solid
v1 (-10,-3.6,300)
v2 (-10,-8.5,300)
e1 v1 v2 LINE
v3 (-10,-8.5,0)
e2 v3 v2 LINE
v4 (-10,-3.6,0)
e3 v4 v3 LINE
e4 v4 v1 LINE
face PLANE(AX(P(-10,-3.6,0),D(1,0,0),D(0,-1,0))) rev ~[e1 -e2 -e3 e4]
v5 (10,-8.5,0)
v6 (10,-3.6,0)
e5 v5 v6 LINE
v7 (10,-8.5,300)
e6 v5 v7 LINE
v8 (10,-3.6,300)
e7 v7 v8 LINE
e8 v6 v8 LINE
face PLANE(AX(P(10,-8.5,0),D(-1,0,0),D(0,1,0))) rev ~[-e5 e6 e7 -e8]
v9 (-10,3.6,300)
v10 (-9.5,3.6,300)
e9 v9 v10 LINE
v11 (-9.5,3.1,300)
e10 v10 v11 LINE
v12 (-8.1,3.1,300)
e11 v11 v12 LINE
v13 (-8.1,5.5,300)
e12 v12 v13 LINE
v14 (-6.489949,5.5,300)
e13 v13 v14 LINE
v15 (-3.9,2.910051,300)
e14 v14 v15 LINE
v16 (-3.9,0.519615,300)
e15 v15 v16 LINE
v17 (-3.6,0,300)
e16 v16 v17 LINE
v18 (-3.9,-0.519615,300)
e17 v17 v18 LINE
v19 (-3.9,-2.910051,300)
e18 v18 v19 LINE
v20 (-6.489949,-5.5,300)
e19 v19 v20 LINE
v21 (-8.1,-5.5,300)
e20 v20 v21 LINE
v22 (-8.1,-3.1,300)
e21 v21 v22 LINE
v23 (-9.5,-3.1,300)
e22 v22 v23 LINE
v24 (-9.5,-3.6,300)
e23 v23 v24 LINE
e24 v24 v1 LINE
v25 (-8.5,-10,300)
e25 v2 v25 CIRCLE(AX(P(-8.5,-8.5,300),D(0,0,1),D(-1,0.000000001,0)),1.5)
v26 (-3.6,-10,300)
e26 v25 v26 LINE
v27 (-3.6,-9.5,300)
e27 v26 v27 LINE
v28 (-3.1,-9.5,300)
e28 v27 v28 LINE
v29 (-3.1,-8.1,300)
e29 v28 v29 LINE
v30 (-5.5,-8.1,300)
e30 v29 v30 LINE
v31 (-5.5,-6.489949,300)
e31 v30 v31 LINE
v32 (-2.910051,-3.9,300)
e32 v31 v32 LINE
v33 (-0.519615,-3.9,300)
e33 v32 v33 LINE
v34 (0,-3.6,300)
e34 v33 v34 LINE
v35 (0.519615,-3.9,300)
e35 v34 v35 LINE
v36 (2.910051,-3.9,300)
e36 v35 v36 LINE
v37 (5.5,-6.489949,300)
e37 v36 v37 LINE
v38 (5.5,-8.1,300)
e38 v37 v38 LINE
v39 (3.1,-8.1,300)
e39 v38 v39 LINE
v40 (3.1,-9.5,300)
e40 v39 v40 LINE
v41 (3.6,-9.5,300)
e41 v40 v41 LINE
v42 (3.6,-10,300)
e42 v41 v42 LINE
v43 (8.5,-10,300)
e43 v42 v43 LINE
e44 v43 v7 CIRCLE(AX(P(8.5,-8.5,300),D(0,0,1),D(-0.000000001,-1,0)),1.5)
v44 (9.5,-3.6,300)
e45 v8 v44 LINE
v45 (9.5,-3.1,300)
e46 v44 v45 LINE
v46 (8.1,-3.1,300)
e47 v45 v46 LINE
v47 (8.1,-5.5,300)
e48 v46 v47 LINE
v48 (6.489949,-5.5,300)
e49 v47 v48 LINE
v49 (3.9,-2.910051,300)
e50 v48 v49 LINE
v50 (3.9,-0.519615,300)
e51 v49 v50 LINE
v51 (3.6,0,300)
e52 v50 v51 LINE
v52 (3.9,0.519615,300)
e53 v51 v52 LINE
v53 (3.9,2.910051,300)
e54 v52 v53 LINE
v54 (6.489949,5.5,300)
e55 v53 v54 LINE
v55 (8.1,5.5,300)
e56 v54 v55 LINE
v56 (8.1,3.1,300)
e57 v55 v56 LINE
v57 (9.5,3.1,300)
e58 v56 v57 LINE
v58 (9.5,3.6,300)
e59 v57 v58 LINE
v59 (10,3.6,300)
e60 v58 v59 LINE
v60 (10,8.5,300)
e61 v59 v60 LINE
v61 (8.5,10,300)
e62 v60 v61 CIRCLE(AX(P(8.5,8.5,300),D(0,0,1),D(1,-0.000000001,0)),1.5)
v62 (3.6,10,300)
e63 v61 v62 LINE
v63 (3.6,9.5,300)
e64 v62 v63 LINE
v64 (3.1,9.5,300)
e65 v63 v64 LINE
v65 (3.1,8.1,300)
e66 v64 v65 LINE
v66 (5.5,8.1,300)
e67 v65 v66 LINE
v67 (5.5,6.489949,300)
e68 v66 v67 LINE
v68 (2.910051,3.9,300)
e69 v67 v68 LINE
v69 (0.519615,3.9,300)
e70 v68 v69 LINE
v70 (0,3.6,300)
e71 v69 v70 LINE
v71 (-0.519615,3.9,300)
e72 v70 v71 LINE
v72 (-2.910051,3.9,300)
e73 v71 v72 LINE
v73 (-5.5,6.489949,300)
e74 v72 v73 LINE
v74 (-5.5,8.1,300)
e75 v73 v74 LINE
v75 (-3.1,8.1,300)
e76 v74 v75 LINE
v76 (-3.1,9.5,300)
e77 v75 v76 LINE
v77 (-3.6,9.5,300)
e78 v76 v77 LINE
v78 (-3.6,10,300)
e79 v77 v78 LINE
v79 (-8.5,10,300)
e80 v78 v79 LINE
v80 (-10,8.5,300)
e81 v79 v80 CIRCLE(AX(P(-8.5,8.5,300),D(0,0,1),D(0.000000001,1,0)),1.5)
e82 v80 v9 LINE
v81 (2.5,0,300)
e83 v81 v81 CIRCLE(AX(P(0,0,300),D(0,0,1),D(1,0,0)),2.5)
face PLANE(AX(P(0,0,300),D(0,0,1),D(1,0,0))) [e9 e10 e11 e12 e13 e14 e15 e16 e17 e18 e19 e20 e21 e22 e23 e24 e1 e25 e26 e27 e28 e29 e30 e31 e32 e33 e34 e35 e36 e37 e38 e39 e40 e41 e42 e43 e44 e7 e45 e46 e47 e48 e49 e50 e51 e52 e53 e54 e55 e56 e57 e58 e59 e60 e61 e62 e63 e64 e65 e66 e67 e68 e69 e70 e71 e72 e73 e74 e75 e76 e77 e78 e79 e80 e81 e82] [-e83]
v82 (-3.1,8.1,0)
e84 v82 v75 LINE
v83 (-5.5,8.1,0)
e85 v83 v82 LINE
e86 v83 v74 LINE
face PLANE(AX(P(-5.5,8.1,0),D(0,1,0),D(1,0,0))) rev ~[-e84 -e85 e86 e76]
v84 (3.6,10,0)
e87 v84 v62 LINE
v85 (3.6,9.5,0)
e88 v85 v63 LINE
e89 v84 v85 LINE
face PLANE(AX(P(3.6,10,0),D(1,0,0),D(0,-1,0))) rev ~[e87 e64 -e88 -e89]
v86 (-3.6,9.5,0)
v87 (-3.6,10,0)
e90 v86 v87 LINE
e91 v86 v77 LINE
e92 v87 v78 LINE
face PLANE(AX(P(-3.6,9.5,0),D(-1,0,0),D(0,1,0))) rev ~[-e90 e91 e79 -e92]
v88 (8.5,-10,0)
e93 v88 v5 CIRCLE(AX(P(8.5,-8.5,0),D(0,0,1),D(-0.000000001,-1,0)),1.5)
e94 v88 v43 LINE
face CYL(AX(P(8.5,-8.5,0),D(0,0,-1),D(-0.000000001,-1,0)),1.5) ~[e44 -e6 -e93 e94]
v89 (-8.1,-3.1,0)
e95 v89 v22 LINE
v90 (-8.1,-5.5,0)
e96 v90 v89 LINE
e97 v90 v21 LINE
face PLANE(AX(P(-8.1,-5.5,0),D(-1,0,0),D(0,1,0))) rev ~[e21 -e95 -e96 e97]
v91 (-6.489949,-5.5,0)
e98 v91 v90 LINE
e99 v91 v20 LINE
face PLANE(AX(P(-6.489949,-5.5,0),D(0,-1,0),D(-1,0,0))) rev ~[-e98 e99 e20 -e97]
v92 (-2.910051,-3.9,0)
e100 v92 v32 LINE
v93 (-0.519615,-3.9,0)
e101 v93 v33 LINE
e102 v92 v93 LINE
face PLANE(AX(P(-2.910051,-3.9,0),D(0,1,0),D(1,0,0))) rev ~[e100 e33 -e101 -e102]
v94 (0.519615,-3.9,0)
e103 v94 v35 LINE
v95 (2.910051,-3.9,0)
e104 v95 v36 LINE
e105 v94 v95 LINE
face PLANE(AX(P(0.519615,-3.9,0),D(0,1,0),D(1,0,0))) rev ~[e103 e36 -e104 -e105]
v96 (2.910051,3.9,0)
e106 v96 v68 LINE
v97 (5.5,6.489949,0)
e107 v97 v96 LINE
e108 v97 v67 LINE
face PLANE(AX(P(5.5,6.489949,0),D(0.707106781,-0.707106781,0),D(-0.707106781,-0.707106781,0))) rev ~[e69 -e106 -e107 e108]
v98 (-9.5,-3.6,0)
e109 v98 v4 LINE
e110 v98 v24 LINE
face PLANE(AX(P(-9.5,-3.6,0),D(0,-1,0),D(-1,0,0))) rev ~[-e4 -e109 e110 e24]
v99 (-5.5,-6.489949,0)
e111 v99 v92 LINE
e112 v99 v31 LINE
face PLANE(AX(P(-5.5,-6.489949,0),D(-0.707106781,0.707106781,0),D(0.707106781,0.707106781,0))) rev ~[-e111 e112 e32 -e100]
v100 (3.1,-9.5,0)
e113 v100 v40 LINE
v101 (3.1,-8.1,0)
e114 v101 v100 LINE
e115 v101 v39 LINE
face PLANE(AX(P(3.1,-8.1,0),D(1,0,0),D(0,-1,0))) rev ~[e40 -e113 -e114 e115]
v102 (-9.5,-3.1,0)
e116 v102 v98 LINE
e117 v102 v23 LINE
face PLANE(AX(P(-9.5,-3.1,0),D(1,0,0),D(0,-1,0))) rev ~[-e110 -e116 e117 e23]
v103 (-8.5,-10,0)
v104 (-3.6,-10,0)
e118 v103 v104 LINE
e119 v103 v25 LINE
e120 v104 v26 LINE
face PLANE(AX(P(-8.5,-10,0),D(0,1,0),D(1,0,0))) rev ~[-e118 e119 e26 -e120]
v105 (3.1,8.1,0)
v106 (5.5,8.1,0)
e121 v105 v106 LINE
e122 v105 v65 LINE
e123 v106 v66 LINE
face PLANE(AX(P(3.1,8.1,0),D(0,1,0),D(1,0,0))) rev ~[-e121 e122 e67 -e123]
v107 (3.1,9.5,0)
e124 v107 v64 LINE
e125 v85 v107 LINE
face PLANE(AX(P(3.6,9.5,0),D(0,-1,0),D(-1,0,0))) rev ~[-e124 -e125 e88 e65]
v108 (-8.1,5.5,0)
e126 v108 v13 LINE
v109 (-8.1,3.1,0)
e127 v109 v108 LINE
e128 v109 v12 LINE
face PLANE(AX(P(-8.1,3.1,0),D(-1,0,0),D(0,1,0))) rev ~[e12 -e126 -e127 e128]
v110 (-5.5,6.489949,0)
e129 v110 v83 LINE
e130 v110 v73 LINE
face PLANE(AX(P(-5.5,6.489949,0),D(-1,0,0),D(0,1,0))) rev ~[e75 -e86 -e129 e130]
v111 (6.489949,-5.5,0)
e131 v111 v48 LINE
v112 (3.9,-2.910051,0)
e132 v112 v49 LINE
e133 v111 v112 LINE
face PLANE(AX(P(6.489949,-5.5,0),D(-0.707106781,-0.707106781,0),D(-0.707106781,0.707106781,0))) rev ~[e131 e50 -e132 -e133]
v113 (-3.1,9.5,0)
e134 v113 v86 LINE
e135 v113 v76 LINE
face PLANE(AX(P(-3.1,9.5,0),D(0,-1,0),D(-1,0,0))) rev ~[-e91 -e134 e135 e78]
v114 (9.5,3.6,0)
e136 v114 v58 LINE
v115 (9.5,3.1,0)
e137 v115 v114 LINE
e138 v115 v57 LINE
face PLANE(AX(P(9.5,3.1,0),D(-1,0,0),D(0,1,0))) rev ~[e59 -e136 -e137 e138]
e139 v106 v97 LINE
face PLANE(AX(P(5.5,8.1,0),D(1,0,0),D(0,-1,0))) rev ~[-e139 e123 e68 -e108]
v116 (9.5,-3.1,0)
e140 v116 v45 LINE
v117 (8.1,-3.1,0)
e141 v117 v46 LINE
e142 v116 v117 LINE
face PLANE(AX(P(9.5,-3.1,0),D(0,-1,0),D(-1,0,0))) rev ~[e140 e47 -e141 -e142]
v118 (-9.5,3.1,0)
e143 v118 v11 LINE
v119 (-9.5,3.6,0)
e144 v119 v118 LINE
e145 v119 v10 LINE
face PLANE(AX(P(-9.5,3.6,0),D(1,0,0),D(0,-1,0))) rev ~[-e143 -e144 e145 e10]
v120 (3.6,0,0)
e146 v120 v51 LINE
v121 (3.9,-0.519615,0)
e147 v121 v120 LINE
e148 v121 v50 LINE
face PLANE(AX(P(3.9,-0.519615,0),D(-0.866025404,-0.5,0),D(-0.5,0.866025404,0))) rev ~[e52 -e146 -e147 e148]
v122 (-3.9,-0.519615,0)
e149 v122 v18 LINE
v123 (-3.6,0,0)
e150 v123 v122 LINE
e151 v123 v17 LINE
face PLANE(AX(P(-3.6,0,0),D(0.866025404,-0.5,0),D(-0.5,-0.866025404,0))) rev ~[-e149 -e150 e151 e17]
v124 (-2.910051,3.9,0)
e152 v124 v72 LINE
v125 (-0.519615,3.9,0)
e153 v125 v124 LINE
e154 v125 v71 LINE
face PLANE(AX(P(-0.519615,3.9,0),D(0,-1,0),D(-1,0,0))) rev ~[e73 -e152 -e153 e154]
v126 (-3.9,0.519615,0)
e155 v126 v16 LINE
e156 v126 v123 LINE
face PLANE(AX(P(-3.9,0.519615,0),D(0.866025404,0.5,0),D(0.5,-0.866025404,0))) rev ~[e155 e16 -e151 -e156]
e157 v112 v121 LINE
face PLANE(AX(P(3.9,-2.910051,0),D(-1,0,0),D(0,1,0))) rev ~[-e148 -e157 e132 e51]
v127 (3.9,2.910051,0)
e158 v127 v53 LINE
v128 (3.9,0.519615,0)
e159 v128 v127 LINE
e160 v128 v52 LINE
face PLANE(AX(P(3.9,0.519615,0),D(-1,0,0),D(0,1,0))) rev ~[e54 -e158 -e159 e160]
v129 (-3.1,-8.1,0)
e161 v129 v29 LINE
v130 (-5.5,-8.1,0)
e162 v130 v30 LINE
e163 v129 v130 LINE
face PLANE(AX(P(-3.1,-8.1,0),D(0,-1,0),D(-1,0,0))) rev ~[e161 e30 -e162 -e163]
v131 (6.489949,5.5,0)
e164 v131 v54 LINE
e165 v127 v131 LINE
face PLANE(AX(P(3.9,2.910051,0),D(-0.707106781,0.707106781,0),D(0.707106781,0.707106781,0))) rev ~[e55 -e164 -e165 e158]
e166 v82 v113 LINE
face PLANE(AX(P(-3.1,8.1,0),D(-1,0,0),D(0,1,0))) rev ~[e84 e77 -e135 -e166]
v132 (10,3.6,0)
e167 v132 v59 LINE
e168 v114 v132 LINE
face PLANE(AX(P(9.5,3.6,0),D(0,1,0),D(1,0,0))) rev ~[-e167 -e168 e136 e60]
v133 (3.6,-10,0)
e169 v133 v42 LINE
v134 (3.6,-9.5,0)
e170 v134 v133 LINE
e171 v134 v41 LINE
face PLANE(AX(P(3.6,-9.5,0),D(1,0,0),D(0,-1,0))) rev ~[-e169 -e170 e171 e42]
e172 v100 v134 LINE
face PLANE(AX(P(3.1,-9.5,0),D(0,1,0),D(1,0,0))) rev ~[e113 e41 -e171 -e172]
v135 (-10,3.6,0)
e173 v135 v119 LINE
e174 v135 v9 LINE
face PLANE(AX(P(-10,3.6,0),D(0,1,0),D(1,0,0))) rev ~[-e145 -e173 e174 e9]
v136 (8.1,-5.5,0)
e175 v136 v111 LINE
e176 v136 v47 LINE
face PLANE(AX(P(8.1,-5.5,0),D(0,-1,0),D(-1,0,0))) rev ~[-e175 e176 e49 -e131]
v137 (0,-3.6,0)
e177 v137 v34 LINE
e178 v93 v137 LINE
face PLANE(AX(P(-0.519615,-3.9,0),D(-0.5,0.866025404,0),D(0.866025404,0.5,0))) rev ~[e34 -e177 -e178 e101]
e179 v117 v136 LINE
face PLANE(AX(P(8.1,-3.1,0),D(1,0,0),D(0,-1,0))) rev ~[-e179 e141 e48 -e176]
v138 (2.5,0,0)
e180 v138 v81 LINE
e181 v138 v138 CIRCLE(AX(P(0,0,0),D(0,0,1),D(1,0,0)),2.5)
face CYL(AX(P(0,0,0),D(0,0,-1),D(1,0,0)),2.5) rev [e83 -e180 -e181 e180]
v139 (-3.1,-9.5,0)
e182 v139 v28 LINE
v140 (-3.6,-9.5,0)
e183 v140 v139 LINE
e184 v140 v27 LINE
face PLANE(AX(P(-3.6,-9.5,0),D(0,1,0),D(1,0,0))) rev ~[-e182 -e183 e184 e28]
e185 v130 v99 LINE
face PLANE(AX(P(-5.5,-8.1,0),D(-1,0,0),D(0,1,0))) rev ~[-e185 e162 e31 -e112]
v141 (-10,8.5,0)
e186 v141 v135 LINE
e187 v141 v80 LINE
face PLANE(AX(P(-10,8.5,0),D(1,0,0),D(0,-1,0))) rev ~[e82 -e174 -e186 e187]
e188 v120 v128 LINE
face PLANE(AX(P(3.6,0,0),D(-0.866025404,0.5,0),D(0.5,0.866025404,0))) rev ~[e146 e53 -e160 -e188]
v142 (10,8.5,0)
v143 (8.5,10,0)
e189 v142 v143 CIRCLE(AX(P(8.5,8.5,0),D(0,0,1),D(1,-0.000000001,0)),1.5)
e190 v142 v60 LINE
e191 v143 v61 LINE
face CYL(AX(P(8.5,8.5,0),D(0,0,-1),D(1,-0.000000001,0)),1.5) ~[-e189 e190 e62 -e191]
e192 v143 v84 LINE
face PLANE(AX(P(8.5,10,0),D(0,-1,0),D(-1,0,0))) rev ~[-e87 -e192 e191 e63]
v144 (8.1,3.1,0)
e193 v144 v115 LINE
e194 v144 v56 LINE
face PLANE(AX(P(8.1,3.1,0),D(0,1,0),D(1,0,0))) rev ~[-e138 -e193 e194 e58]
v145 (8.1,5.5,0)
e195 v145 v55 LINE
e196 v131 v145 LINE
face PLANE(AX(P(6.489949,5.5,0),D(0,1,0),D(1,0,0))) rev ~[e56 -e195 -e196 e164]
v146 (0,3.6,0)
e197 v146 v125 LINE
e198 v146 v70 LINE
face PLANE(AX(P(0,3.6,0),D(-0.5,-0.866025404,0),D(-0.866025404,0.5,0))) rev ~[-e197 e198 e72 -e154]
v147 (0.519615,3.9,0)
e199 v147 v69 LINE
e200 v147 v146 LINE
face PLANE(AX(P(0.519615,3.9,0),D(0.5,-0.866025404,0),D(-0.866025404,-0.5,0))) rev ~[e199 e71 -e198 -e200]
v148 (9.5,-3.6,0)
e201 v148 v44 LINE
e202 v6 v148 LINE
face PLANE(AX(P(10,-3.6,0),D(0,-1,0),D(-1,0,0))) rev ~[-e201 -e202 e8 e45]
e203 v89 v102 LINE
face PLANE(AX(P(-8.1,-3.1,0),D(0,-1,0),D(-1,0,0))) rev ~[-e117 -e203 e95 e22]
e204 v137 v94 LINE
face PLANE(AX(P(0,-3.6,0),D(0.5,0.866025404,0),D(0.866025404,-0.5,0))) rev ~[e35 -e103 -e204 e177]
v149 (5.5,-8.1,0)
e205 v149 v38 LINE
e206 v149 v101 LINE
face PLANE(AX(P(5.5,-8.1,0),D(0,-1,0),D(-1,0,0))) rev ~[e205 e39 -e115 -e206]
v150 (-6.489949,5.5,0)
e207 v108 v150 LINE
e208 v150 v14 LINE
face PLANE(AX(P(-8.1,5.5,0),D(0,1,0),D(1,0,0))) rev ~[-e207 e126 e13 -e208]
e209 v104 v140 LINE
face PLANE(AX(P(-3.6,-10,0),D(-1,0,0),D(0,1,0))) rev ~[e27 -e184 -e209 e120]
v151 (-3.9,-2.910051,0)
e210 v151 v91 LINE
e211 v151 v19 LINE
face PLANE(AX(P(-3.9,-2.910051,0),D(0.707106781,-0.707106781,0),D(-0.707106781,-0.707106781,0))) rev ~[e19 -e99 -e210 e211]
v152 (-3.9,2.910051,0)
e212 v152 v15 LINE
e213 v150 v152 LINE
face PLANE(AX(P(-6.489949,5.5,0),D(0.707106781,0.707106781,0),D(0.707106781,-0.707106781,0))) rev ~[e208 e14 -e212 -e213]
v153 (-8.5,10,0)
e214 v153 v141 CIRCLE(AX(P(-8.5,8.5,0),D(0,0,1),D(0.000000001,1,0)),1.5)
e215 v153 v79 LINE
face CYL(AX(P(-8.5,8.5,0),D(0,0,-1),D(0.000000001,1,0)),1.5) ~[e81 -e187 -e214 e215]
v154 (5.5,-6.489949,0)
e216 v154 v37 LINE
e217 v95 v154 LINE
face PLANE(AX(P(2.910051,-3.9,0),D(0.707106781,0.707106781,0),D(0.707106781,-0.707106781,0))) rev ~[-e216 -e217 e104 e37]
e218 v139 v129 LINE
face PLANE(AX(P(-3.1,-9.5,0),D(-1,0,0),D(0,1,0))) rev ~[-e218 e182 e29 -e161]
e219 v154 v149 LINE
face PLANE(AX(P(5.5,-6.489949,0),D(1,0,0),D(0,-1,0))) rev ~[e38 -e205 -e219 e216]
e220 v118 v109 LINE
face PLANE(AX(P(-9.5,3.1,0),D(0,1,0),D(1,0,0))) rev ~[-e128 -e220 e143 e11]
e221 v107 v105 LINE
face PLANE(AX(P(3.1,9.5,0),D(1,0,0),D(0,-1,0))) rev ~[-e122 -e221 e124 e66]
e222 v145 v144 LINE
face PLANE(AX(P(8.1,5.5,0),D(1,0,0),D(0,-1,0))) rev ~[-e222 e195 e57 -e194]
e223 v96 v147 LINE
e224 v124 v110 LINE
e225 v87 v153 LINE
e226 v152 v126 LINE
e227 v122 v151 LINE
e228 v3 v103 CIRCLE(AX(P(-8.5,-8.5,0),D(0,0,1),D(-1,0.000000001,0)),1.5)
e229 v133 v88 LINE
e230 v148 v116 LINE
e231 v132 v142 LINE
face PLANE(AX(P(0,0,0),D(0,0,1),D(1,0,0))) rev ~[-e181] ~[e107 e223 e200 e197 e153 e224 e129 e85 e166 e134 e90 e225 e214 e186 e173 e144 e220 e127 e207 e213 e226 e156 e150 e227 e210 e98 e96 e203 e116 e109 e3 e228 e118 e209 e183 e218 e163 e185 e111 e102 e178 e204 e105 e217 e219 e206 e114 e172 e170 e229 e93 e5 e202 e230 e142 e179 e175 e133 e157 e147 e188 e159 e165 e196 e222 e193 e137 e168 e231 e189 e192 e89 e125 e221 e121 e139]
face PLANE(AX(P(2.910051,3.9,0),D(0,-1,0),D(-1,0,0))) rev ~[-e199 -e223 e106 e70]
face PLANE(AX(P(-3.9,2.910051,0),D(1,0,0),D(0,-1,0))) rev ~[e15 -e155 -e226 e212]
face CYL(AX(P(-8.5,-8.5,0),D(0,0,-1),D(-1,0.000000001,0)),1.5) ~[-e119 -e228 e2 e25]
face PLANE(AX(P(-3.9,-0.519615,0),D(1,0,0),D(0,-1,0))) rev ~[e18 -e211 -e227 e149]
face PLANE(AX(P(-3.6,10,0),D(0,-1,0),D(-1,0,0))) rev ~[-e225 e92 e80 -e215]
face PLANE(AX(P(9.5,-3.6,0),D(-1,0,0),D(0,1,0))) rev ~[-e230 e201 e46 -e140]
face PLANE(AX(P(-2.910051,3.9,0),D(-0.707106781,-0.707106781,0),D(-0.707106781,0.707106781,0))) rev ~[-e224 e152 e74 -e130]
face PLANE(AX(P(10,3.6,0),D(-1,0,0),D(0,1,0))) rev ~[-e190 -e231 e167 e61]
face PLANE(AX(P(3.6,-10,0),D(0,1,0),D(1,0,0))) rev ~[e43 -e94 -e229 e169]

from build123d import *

# Parameters (mm, degrees)
SKETCH_28_R     = 2.5
EXTRUDE_1_DEPTH = 300


with BuildPart() as part:
    # 草图28 → 凸台-拉伸1 (new body)
    with BuildSketch(Plane.XY):
        with BuildLine():
            Line((-3.9, -0.519615242), (-3.9, -2.910050506))
            Line((-3.9, -2.910050506), (-6.489949494, -5.5))
            Line((-6.489949494, -5.5), (-8.1, -5.5))
            Line((-8.1, -5.5), (-8.1, -3.1))
            Line((-8.1, -3.1), (-9.5, -3.1))
            Line((-9.5, -3.1), (-9.5, -3.6))
            Line((-9.5, -3.6), (-10, -3.6))
            Line((-10, -3.6), (-10, -8.5))
            ThreePointArc((-10, -8.5), (-9.560660172, -9.560660172), (-8.5, -10))
            Line((-8.5, -10), (-3.6, -10))
            Line((-3.6, -10), (-3.6, -9.5))
            Line((-3.6, -9.5), (-3.1, -9.5))
            Line((-3.1, -9.5), (-3.1, -8.1))
            Line((-3.1, -8.1), (-5.5, -8.1))
            Line((-5.5, -8.1), (-5.5, -6.489949494))
            Line((-5.5, -6.489949494), (-2.910050506, -3.9))
            Line((-2.910050506, -3.9), (-0.519615242, -3.9))
            Line((-0.519615242, -3.9), (0, -3.6))
            Line((0, -3.6), (0.519615242, -3.9))
            Line((0.519615242, -3.9), (2.910050506, -3.9))
            Line((2.910050506, -3.9), (5.5, -6.489949494))
            Line((5.5, -6.489949494), (5.5, -8.1))
            Line((5.5, -8.1), (3.1, -8.1))
            Line((3.1, -8.1), (3.1, -9.5))
            Line((3.1, -9.5), (3.6, -9.5))
            Line((3.6, -9.5), (3.6, -10))
            Line((3.6, -10), (8.5, -10))
            ThreePointArc((8.5, -10), (9.560660172, -9.560660172), (10, -8.5))
            Line((10, -8.5), (10, -3.6))
            Line((10, -3.6), (9.5, -3.6))
            Line((9.5, -3.6), (9.5, -3.1))
            Line((9.5, -3.1), (8.1, -3.1))
            Line((8.1, -3.1), (8.1, -5.5))
            Line((8.1, -5.5), (6.489949494, -5.5))
            Line((6.489949494, -5.5), (3.9, -2.910050506))
            Line((3.9, -2.910050506), (3.9, -0.519615242))
            Line((3.9, -0.519615242), (3.6, 0))
            Line((3.6, 0), (3.9, 0.519615242))
            Line((3.9, 0.519615242), (3.9, 2.910050506))
            Line((3.9, 2.910050506), (6.489949494, 5.5))
            Line((6.489949494, 5.5), (8.1, 5.5))
            Line((8.1, 5.5), (8.1, 3.1))
            Line((8.1, 3.1), (9.5, 3.1))
            Line((9.5, 3.1), (9.5, 3.6))
            Line((9.5, 3.6), (10, 3.6))
            Line((10, 3.6), (10, 8.5))
            ThreePointArc((10, 8.5), (9.560660172, 9.560660172), (8.5, 10))
            Line((8.5, 10), (3.6, 10))
            Line((3.6, 10), (3.6, 9.5))
            Line((3.6, 9.5), (3.1, 9.5))
            Line((3.1, 9.5), (3.1, 8.1))
            Line((3.1, 8.1), (5.5, 8.1))
            Line((5.5, 8.1), (5.5, 6.489949494))
            Line((5.5, 6.489949494), (2.910050506, 3.9))
            Line((2.910050506, 3.9), (0.519615242, 3.9))
            Line((0.519615242, 3.9), (0, 3.6))
            Line((0, 3.6), (-0.519615242, 3.9))
            Line((-0.519615242, 3.9), (-2.910050506, 3.9))
            Line((-2.910050506, 3.9), (-5.5, 6.489949494))
            Line((-5.5, 6.489949494), (-5.5, 8.1))
            Line((-5.5, 8.1), (-3.1, 8.1))
            Line((-3.1, 8.1), (-3.1, 9.5))
            Line((-3.1, 9.5), (-3.6, 9.5))
            Line((-3.6, 9.5), (-3.6, 10))
            Line((-3.6, 10), (-8.5, 10))
            ThreePointArc((-8.5, 10), (-9.560660172, 9.560660172), (-10, 8.5))
            Line((-10, 8.5), (-10, 3.6))
            Line((-10, 3.6), (-9.5, 3.6))
            Line((-9.5, 3.6), (-9.5, 3.1))
            Line((-9.5, 3.1), (-8.1, 3.1))
            Line((-8.1, 3.1), (-8.1, 5.5))
            Line((-8.1, 5.5), (-6.489949494, 5.5))
            Line((-6.489949494, 5.5), (-3.9, 2.910050506))
            Line((-3.9, 2.910050506), (-3.9, 0.519615242))
            Line((-3.9, 0.519615242), (-3.6, 0))
            Line((-3.6, 0), (-3.9, -0.519615242))
        make_face()
        Circle(SKETCH_28_R, mode=Mode.SUBTRACT)
    extrude(amount=EXTRUDE_1_DEPTH)


solid = part.part
